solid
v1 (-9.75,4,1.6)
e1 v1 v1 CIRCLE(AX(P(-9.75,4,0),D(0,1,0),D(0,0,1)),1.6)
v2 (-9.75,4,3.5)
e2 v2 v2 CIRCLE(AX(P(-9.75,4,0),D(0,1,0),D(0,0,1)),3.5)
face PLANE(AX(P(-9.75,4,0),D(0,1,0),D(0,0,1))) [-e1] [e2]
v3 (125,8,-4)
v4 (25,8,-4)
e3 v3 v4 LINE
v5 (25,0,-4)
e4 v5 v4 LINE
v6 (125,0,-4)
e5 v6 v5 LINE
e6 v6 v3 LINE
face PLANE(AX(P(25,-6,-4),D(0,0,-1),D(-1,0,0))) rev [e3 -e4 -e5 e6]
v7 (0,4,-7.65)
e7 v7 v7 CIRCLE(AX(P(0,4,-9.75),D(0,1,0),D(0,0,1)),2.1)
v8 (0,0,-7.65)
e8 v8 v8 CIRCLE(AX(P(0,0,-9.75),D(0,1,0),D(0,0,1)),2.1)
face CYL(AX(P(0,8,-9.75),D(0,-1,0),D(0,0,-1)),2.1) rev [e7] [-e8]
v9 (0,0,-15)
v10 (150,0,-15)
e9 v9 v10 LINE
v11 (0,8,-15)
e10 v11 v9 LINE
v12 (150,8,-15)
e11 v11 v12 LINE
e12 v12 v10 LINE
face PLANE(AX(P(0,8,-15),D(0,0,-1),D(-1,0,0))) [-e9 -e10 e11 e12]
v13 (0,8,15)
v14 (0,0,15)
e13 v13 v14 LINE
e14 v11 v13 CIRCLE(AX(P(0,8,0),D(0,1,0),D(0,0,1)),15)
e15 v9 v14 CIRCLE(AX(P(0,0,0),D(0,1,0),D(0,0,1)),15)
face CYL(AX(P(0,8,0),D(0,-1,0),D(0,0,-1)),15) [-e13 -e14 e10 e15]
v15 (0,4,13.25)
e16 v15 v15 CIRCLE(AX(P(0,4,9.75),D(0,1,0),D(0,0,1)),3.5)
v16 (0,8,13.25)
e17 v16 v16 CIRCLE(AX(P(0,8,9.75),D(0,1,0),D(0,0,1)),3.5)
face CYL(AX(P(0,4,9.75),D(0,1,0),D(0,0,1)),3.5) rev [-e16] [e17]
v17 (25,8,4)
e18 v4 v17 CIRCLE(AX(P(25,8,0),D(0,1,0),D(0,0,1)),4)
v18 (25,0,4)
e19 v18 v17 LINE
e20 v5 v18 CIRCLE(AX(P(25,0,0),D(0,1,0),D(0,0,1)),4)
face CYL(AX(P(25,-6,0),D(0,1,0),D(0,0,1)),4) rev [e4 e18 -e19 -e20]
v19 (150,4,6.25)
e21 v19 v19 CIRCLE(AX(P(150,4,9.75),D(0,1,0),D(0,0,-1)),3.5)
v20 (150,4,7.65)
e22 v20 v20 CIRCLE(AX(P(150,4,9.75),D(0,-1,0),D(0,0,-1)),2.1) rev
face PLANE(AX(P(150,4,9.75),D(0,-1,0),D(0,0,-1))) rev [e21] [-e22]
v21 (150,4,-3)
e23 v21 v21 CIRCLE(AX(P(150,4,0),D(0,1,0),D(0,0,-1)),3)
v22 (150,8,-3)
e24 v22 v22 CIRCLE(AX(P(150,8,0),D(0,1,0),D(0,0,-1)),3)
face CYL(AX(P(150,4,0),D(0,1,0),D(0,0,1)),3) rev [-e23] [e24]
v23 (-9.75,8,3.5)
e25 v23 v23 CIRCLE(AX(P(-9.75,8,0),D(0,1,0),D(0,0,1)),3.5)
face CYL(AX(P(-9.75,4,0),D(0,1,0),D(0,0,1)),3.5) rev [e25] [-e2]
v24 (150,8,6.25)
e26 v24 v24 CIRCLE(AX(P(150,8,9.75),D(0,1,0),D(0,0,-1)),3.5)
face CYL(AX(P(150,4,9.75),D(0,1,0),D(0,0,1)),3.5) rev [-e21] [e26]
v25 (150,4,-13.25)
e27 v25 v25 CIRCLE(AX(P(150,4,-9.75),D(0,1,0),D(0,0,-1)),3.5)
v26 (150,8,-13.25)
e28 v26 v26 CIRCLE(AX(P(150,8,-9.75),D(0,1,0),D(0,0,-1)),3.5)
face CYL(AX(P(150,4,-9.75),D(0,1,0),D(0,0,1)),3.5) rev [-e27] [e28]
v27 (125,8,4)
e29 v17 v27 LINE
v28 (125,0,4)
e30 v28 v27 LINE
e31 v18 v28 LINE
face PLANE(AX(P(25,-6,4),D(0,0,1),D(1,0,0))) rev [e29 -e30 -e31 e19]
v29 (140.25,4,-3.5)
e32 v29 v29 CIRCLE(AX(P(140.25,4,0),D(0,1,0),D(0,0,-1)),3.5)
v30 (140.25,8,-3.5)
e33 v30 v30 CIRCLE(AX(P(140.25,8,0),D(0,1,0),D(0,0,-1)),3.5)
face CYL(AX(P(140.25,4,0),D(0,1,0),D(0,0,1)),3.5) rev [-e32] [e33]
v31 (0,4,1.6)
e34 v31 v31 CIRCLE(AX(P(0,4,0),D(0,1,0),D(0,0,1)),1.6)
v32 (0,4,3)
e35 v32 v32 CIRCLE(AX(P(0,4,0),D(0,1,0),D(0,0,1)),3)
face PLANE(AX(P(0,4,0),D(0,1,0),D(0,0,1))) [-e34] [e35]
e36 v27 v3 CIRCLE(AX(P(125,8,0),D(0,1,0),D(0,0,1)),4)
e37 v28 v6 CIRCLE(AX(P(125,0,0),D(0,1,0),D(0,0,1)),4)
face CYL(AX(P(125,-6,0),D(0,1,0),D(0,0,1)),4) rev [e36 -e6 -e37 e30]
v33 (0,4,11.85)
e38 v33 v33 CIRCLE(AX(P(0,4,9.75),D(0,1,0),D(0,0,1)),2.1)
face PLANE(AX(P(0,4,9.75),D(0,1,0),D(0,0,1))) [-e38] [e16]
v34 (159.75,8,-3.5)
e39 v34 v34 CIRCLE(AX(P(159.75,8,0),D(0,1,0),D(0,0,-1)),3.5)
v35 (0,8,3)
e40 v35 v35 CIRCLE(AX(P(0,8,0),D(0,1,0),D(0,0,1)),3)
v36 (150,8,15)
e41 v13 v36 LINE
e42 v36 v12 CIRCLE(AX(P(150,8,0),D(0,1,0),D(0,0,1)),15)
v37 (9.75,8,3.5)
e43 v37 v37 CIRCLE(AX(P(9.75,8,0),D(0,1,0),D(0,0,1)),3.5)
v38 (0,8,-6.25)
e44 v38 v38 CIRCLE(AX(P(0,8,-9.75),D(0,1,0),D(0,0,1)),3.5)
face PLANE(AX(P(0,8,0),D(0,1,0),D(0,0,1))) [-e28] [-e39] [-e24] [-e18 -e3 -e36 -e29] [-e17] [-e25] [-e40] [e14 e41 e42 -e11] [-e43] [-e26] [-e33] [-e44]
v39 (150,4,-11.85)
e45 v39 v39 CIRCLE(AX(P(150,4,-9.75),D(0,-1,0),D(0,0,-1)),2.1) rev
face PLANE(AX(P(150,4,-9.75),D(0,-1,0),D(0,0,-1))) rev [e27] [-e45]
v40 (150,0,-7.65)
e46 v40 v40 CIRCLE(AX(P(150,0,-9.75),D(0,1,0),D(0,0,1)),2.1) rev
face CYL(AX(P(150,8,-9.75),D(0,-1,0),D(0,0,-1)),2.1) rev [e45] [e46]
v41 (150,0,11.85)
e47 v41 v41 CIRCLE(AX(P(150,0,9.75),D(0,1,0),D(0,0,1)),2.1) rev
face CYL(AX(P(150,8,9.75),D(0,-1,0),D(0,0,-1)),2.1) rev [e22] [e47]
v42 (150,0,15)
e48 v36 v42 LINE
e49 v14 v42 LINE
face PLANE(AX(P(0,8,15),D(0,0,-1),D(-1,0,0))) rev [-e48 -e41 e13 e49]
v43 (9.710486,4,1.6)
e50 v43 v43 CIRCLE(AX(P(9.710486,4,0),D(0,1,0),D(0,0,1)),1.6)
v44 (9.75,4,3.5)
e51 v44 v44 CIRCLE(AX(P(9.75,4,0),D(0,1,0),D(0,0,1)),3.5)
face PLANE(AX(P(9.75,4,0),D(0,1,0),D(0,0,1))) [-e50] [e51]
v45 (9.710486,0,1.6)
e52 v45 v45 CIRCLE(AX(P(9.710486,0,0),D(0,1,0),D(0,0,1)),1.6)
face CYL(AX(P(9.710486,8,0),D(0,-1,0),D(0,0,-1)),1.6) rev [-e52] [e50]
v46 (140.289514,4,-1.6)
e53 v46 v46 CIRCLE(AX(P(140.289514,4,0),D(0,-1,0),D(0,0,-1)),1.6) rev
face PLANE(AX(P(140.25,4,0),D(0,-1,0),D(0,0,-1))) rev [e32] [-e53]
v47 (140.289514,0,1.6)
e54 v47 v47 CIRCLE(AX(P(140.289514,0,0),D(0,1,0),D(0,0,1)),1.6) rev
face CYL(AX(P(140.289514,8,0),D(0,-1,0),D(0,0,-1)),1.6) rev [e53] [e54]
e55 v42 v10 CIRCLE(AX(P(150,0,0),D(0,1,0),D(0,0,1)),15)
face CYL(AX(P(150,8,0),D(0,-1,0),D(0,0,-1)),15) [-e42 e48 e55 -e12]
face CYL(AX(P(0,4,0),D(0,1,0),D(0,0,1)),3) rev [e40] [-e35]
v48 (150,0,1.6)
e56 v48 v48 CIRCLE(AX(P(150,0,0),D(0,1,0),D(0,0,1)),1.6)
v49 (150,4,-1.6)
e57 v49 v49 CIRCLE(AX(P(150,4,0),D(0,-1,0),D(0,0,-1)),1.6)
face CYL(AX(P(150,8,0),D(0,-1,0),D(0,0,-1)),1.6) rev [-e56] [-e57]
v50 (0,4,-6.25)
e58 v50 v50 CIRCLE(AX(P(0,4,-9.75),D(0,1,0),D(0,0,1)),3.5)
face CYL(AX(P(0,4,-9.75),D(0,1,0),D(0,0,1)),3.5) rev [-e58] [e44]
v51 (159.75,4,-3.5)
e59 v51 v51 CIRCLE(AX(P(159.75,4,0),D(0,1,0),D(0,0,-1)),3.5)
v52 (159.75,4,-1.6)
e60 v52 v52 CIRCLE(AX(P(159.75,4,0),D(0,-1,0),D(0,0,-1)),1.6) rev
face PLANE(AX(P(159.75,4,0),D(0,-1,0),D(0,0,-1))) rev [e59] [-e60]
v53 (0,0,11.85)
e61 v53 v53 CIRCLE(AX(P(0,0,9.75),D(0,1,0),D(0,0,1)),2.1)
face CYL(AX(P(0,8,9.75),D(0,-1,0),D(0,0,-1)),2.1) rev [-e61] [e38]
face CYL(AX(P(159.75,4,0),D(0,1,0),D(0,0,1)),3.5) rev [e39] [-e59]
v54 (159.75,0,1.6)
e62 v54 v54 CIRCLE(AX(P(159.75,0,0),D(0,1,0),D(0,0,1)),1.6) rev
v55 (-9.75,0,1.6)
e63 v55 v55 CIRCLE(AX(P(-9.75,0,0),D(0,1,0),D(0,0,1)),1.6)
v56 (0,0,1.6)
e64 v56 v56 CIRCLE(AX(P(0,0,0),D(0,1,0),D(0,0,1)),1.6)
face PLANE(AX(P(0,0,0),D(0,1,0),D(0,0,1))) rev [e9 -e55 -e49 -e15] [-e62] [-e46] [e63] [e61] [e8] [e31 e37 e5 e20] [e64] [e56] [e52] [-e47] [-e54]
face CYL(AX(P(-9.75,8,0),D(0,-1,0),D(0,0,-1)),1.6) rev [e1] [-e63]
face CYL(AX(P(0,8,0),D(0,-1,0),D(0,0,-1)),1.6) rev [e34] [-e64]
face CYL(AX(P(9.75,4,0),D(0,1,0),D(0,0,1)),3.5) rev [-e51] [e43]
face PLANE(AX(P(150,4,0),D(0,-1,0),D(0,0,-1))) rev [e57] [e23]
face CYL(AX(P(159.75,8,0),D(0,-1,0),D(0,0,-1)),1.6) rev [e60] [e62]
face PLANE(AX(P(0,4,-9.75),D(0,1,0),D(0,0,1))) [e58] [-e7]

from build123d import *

# Parameters (mm, degrees)
SKETCH_1_R          = 2.1
SKETCH_1_R_2        = 1.6
EXTRUDE_2_DEPTH     = 8
SKETCH_3_R          = 3
SKETCH_3_R_2        = 3.5
CUT_EXTRUDE_2_DEPTH = 4
CUT_EXTRUDE_3_DEPTH = 14


with BuildPart() as part:
    # 草图1 → 凸台-拉伸2 (new body)
    with BuildSketch(Plane(origin=(0, 0, 0), x_dir=(1, 0, 0), z_dir=(0, 1, 0))):
        with BuildLine():
            Line((0, -15), (150, -15))
            ThreePointArc((150, -15), (165, 0), (150, 15))
            Line((150, 15), (0, 15))
            ThreePointArc((0, 15), (-15, 0), (0, -15))
        make_face()
        with Locations(Location((150, -9.75, 0), (0, 0, 270))):
            Circle(SKETCH_1_R, mode=Mode.SUBTRACT)
        with Locations(Location((150, 9.75, 0), (0, 0, 270))):
            Circle(SKETCH_1_R, mode=Mode.SUBTRACT)
        with Locations(Location((0, 9.75, 0), (0, 0, 270))):
            Circle(SKETCH_1_R, mode=Mode.SUBTRACT)
        with Locations(Location((0, -9.75, 0), (0, 0, 270))):
            Circle(SKETCH_1_R, mode=Mode.SUBTRACT)
        with Locations(Location((-9.75, 0, 0), (0, 0, 270))):
            Circle(SKETCH_1_R_2, mode=Mode.SUBTRACT)
        with Locations(Location((9.710485561, 0, 0), (0, 0, 270))):
            Circle(SKETCH_1_R_2, mode=Mode.SUBTRACT)
        with Locations(Location((150, 0, 0), (0, 0, 270))):
            Circle(SKETCH_1_R_2, mode=Mode.SUBTRACT)
        with Locations(Location((0, 0, 0), (0, 0, 270))):
            Circle(SKETCH_1_R_2, mode=Mode.SUBTRACT)
        with Locations(Location((159.75, 0, 0), (0, 0, 270))):
            Circle(SKETCH_1_R_2, mode=Mode.SUBTRACT)
        with Locations(Location((140.289514439, 0, 0), (0, 0, 270))):
            Circle(SKETCH_1_R_2, mode=Mode.SUBTRACT)
    extrude(amount=EXTRUDE_2_DEPTH)

    # 草图3 → 切除-拉伸2 (cut)
    with BuildSketch(Plane(origin=(0, 8, 0), x_dir=(1, 0, 0), z_dir=(0, 1, 0))):
        with Locations(Location((0, 0, 0), (0, 0, 270))):
            Circle(SKETCH_3_R)
        with Locations(Location((0, 9.75, 0), (0, 0, 270))):
            Circle(SKETCH_3_R_2)
        with Locations(Location((9.75, 0, 0), (0, 0, 270))):
            Circle(SKETCH_3_R_2)
        with Locations(Location((0, -9.75, 0), (0, 0, 270))):
            Circle(SKETCH_3_R_2)
        with Locations(Location((-9.75, 0, 0), (0, 0, 270))):
            Circle(SKETCH_3_R_2)
        with Locations(Location((159.75, 0, 0), (0, 0, 90))):
            Circle(SKETCH_3_R_2)
        with Locations(Location((150, -9.75, 0), (0, 0, 90))):
            Circle(SKETCH_3_R_2)
        with Locations(Location((140.25, 0, 0), (0, 0, 90))):
            Circle(SKETCH_3_R_2)
        with Locations(Location((150, 9.75, 0), (0, 0, 90))):
            Circle(SKETCH_3_R_2)
        with Locations(Location((150, 0, 0), (0, 0, 90))):
            Circle(SKETCH_3_R)
    extrude(amount=-CUT_EXTRUDE_2_DEPTH, mode=Mode.SUBTRACT)

    # 草图4 → 切除-拉伸3 (cut)
    with BuildSketch(Plane(origin=(0, 8, 0), x_dir=(1, 0, 0), z_dir=(0, 1, 0))):
        with BuildLine():
            Line((25, 4), (125, 4))
            ThreePointArc((125, 4), (129, 0), (125, -4))
            Line((125, -4), (25, -4))
            ThreePointArc((25, -4), (21, 0), (25, 4))
        make_face()
    extrude(amount=-CUT_EXTRUDE_3_DEPTH, mode=Mode.SUBTRACT)


solid = part.part
